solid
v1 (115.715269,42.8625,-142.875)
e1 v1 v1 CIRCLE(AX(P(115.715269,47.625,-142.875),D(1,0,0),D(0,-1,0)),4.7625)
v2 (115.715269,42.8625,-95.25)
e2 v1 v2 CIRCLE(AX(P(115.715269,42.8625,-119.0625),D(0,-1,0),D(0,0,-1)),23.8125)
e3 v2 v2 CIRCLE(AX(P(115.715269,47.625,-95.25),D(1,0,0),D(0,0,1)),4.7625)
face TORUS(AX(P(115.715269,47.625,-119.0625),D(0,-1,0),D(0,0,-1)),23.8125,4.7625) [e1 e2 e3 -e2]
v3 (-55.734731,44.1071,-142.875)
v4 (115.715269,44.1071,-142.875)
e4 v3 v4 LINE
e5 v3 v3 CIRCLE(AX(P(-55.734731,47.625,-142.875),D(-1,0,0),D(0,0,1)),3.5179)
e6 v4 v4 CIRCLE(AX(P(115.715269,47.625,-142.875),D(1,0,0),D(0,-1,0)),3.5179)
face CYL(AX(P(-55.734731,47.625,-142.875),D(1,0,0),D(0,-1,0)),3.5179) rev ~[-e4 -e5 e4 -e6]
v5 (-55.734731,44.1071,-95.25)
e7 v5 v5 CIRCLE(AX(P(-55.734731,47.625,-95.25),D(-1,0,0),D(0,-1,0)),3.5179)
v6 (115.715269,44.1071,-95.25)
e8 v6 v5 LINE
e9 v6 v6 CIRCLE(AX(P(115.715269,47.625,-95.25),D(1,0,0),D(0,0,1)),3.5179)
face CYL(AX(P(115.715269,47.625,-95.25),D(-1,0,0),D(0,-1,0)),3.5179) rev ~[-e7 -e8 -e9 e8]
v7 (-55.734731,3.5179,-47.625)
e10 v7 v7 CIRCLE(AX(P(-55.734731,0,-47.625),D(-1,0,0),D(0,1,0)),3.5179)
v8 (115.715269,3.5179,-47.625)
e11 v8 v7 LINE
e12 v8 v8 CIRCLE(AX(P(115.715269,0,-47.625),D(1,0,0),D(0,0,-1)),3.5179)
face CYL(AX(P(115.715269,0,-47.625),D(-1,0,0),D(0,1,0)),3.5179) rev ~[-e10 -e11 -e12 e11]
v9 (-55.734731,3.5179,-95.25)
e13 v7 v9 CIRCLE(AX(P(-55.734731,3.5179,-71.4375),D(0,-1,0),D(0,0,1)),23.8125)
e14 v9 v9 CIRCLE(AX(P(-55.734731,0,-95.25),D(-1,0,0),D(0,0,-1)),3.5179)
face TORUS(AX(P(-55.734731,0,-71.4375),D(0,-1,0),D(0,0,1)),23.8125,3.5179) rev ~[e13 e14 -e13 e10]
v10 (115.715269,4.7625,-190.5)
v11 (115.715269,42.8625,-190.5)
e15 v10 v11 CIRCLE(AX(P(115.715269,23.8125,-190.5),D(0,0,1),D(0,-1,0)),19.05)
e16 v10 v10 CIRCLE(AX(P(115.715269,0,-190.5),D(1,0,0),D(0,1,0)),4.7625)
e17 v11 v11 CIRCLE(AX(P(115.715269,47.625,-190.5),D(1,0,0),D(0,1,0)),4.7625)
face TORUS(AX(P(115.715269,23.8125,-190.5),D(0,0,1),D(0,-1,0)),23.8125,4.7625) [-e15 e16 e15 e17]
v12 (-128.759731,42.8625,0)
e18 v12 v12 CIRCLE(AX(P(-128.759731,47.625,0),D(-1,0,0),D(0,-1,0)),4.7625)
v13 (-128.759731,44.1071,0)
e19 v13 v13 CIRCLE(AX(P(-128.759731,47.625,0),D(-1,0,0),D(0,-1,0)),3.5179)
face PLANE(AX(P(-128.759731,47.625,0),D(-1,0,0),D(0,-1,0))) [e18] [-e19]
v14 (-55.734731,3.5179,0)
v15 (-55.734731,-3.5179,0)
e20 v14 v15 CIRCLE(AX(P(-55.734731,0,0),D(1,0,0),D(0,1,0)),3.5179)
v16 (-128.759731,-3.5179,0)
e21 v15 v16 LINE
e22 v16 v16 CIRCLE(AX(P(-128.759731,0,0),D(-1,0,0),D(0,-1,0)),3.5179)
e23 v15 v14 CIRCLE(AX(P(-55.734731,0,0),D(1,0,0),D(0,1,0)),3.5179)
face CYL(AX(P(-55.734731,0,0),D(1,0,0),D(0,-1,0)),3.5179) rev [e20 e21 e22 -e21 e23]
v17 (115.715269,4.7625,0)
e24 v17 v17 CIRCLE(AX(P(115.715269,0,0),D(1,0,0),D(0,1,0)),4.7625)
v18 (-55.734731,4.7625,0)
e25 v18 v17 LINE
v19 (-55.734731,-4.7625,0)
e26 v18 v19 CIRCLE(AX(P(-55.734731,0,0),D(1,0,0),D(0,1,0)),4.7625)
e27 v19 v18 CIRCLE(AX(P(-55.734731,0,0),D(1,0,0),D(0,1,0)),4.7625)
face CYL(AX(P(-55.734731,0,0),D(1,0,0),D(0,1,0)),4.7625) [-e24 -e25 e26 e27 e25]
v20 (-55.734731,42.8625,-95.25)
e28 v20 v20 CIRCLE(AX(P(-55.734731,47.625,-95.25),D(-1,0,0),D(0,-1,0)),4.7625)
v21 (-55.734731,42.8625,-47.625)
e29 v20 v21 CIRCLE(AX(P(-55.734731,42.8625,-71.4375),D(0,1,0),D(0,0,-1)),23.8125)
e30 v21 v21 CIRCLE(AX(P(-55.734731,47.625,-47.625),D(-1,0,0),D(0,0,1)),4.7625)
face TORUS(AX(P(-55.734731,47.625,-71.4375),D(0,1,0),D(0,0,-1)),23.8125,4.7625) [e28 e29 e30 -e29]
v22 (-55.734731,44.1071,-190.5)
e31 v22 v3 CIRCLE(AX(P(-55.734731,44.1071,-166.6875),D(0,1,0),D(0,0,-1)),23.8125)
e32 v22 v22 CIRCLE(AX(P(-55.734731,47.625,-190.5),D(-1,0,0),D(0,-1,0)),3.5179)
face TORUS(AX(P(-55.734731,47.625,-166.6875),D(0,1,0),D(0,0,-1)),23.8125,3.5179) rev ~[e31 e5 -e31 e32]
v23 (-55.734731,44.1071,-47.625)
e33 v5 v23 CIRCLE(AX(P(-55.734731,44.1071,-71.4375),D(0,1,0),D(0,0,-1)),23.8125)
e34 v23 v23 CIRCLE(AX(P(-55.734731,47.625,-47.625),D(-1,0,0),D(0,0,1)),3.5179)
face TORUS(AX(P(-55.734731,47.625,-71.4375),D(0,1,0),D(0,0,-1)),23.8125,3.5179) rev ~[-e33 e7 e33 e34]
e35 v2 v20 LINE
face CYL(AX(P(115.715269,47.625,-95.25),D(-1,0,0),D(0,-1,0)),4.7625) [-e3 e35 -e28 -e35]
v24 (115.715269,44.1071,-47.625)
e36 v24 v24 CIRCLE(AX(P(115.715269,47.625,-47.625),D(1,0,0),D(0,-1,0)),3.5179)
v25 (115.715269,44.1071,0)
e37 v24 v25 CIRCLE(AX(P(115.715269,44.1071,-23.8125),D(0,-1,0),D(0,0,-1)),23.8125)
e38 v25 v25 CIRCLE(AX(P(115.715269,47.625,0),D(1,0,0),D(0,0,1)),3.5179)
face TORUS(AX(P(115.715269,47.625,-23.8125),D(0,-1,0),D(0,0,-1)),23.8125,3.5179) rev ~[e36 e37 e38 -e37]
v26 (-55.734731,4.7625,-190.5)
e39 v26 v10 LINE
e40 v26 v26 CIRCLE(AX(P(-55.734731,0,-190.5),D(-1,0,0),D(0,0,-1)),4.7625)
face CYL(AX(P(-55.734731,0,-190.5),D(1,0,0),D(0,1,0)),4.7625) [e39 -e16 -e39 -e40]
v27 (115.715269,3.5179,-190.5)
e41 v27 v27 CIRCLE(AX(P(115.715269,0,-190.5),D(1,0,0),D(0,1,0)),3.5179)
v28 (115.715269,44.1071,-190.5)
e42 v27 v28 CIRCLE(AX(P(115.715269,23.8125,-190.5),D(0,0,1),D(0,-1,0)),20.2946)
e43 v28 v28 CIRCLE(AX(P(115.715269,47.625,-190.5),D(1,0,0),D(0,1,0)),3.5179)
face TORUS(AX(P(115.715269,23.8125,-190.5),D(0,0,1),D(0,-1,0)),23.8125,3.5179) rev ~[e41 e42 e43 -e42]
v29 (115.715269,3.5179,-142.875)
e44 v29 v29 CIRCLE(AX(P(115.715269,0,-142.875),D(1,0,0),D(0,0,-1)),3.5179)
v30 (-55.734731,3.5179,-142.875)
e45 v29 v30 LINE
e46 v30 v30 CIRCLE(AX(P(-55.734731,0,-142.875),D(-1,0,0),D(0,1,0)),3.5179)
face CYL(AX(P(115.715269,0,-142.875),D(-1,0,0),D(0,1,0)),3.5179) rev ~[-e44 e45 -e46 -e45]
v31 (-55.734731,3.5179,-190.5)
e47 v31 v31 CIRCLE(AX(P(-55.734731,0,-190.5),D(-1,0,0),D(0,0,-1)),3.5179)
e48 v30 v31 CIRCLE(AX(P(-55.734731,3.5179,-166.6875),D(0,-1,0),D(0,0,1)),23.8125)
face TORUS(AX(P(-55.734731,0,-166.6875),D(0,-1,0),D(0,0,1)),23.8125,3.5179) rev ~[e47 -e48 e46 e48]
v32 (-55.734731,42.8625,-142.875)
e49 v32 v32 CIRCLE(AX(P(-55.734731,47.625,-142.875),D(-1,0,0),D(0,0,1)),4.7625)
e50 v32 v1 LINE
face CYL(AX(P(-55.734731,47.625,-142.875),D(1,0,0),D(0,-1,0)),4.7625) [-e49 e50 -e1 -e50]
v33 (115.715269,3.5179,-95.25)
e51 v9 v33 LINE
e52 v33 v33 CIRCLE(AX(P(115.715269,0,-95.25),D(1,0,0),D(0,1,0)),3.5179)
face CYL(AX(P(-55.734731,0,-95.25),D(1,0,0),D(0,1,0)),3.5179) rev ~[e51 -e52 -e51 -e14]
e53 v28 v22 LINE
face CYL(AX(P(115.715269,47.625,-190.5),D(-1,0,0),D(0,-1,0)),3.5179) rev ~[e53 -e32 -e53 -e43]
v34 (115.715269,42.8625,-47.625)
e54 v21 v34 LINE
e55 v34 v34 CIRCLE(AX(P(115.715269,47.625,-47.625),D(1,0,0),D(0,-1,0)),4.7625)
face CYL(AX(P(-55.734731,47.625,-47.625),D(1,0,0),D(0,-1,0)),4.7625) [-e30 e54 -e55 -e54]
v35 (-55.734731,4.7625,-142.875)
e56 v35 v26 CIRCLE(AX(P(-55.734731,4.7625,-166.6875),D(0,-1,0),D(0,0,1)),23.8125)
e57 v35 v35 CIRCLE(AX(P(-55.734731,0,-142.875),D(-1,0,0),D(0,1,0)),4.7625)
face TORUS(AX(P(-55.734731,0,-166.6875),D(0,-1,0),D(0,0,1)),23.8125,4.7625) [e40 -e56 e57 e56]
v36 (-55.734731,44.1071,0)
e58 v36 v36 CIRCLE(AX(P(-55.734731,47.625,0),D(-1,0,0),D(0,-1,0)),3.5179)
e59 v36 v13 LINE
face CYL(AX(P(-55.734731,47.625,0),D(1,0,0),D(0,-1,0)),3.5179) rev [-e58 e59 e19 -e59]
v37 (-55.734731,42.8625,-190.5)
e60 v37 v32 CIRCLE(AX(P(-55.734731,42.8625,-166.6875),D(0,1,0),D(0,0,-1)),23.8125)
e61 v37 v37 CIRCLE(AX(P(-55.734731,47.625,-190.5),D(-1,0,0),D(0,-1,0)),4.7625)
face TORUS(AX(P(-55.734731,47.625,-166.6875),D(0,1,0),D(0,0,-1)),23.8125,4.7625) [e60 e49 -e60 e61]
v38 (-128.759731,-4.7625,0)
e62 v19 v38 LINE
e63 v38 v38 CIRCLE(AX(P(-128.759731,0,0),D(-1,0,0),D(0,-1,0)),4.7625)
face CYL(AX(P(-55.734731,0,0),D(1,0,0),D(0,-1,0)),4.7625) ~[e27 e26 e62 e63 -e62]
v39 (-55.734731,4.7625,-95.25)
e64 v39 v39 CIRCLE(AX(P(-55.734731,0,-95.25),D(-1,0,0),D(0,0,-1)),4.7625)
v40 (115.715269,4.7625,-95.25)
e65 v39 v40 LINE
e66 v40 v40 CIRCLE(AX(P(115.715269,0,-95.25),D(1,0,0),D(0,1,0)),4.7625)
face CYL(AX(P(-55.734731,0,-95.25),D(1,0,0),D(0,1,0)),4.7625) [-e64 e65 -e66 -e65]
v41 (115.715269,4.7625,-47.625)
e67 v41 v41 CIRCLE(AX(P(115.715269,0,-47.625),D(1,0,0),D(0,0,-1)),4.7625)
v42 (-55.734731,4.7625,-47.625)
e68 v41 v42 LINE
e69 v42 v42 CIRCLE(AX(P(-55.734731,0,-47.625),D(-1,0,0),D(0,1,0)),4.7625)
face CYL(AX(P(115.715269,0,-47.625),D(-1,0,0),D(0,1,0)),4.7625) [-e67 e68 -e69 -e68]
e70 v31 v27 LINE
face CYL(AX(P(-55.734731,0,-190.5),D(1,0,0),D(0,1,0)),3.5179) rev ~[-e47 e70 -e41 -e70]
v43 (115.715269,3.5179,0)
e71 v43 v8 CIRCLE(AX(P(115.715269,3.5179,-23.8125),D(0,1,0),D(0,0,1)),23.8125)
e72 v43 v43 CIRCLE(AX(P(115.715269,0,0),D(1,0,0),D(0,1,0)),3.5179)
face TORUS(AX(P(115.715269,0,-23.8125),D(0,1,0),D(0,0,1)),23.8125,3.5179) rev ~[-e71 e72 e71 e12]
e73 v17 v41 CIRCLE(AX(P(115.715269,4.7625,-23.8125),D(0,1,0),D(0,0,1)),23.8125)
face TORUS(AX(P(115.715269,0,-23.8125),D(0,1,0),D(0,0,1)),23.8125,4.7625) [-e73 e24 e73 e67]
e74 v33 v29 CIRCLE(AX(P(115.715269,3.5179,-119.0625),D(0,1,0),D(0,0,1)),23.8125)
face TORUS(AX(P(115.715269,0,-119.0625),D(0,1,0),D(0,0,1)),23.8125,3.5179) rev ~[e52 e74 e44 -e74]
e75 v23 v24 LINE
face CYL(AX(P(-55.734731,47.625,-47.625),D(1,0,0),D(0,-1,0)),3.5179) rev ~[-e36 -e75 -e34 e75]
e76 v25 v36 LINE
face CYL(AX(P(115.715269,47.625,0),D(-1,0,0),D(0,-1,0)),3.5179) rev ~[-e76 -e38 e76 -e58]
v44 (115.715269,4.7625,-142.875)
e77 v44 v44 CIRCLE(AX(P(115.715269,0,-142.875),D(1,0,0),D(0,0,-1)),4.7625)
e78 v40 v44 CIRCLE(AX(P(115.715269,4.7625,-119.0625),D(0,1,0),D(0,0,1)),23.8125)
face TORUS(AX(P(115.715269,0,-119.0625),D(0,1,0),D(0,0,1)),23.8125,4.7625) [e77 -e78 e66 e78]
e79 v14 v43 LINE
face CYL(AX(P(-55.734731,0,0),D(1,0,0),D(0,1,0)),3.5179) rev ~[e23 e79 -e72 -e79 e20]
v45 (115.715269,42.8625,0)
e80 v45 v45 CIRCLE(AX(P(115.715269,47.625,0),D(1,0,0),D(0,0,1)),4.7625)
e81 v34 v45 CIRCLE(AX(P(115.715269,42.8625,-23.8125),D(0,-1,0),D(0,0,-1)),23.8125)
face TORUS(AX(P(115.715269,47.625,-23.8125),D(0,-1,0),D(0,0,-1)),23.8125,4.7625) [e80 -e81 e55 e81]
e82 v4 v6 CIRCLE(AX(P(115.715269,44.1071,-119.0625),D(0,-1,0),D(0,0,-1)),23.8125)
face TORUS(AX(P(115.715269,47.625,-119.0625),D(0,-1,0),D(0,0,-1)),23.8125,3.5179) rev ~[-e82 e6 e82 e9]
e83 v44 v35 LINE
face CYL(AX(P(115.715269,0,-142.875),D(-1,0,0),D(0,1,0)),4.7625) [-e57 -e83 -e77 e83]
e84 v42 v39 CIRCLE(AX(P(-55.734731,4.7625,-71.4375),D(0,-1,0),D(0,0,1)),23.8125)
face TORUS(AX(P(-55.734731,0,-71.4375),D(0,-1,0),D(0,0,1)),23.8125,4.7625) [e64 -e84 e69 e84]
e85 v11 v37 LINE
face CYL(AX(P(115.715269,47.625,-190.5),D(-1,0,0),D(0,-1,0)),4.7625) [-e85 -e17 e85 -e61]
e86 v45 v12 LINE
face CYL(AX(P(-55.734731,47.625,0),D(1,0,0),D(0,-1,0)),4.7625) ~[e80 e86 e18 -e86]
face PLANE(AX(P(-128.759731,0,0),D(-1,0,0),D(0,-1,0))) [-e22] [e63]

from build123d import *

# Parameters (mm, degrees)
F2_R      = 4.7625
F2_R_2    = 3.5179
F6_R      = 4.7625
F6_R_2    = 3.5179
F10_R     = 4.7625
F10_R_2   = 3.5179
F12_R     = 4.7625
F12_R_2   = 3.5179
F13_DEPTH = 73.025


with BuildPart() as f3:
    # F3: sweep along a path in F0
    with BuildLine(Plane.XZ) as f3_path:
        Line((-55.7347305506, 0), (115.7152694494, 0))
        ThreePointArc((115.7152694494, 0), (139.5277694494, -23.8125), (115.7152694494, -47.625))
        Line((115.7152694494, -47.625), (-55.7347305506, -47.625))
        ThreePointArc((-55.7347305506, -47.625), (-79.5472305506, -71.4375), (-55.7347305506, -95.25))
        Line((-55.7347305506, -95.25), (115.7152694494, -95.25))
        ThreePointArc((115.7152694494, -95.25), (139.5277694494, -119.0625), (115.7152694494, -142.875))
        Line((115.7152694494, -142.875), (-55.7347305506, -142.875))
        ThreePointArc((-55.7347305506, -142.875), (-79.5472305506, -166.6875), (-55.7347305506, -190.5))
        Line((-55.7347305506, -190.5), (115.7152694494, -190.5))
    # F2 (on plane+point) → F3 (sweep)
    with BuildSketch(Plane.YZ.offset(-55.7347305506)):
        Circle(F2_R)
        Circle(F2_R_2, mode=Mode.SUBTRACT)
    sweep(path=f3_path.line)

    # F7: sweep along a path in F5
    with BuildLine(Plane.XY.offset(-190.5)) as f7_path:
        ThreePointArc((115.7152694494, 0), (139.5277694494, 23.8125), (115.7152694494, 47.625))
    # F6 (on face) → F7 (sweep)
    with BuildSketch(Plane.YZ.offset(115.7152694494)):
        with Locations((0, -190.5)):
            Circle(F6_R)
        with Locations((0, -190.5)):
            Circle(F6_R_2, mode=Mode.SUBTRACT)
    sweep(path=f7_path.line)

    # F11: sweep along a path in F9
    with BuildLine(Plane.XZ.offset(-47.625)) as f11_path:
        Line((115.7152694494, -190.5), (-55.7347305506, -190.5))
        ThreePointArc((-55.7347305506, -190.5), (-79.5472305506, -166.6875), (-55.7347305506, -142.875))
        Line((-55.7347305506, -142.875), (115.7152694494, -142.875))
        ThreePointArc((115.7152694494, -142.875), (139.5277694494, -119.0625), (115.7152694494, -95.25))
        Line((115.7152694494, -95.25), (-55.7347305506, -95.25))
        ThreePointArc((-55.7347305506, -95.25), (-79.5472305506, -71.4375), (-55.7347305506, -47.625))
        Line((-55.7347305506, -47.625), (115.7152694494, -47.625))
        ThreePointArc((115.7152694494, -47.625), (139.5277694494, -23.8125), (115.7152694494, 0))
        Line((115.7152694494, 0), (-55.7347305506, 0))
    # F10 (on face) → F11 (sweep)
    with BuildSketch(Plane(origin=(115.7152694494, 0, 0), x_dir=(0, -1, 0), z_dir=(-1, 0, 0))):
        with Locations((-47.625, -190.5)):
            Circle(F10_R)
        with Locations((-47.625, -190.5)):
            Circle(F10_R_2, mode=Mode.SUBTRACT)
    sweep(path=f11_path.line)

    # F12 (on face) → F13 (join)
    with BuildSketch(Plane(origin=(-55.7347305506, 0, 0), x_dir=(0, -1, 0), z_dir=(-1, 0, 0))):
        with Locations((-47.625, 0)):
            Circle(F12_R)
        with Locations((-47.625, 0)):
            Circle(F12_R_2, mode=Mode.SUBTRACT)
        Circle(F12_R)
        Circle(F12_R_2, mode=Mode.SUBTRACT)
    extrude(amount=F13_DEPTH)


solid = f3.part
